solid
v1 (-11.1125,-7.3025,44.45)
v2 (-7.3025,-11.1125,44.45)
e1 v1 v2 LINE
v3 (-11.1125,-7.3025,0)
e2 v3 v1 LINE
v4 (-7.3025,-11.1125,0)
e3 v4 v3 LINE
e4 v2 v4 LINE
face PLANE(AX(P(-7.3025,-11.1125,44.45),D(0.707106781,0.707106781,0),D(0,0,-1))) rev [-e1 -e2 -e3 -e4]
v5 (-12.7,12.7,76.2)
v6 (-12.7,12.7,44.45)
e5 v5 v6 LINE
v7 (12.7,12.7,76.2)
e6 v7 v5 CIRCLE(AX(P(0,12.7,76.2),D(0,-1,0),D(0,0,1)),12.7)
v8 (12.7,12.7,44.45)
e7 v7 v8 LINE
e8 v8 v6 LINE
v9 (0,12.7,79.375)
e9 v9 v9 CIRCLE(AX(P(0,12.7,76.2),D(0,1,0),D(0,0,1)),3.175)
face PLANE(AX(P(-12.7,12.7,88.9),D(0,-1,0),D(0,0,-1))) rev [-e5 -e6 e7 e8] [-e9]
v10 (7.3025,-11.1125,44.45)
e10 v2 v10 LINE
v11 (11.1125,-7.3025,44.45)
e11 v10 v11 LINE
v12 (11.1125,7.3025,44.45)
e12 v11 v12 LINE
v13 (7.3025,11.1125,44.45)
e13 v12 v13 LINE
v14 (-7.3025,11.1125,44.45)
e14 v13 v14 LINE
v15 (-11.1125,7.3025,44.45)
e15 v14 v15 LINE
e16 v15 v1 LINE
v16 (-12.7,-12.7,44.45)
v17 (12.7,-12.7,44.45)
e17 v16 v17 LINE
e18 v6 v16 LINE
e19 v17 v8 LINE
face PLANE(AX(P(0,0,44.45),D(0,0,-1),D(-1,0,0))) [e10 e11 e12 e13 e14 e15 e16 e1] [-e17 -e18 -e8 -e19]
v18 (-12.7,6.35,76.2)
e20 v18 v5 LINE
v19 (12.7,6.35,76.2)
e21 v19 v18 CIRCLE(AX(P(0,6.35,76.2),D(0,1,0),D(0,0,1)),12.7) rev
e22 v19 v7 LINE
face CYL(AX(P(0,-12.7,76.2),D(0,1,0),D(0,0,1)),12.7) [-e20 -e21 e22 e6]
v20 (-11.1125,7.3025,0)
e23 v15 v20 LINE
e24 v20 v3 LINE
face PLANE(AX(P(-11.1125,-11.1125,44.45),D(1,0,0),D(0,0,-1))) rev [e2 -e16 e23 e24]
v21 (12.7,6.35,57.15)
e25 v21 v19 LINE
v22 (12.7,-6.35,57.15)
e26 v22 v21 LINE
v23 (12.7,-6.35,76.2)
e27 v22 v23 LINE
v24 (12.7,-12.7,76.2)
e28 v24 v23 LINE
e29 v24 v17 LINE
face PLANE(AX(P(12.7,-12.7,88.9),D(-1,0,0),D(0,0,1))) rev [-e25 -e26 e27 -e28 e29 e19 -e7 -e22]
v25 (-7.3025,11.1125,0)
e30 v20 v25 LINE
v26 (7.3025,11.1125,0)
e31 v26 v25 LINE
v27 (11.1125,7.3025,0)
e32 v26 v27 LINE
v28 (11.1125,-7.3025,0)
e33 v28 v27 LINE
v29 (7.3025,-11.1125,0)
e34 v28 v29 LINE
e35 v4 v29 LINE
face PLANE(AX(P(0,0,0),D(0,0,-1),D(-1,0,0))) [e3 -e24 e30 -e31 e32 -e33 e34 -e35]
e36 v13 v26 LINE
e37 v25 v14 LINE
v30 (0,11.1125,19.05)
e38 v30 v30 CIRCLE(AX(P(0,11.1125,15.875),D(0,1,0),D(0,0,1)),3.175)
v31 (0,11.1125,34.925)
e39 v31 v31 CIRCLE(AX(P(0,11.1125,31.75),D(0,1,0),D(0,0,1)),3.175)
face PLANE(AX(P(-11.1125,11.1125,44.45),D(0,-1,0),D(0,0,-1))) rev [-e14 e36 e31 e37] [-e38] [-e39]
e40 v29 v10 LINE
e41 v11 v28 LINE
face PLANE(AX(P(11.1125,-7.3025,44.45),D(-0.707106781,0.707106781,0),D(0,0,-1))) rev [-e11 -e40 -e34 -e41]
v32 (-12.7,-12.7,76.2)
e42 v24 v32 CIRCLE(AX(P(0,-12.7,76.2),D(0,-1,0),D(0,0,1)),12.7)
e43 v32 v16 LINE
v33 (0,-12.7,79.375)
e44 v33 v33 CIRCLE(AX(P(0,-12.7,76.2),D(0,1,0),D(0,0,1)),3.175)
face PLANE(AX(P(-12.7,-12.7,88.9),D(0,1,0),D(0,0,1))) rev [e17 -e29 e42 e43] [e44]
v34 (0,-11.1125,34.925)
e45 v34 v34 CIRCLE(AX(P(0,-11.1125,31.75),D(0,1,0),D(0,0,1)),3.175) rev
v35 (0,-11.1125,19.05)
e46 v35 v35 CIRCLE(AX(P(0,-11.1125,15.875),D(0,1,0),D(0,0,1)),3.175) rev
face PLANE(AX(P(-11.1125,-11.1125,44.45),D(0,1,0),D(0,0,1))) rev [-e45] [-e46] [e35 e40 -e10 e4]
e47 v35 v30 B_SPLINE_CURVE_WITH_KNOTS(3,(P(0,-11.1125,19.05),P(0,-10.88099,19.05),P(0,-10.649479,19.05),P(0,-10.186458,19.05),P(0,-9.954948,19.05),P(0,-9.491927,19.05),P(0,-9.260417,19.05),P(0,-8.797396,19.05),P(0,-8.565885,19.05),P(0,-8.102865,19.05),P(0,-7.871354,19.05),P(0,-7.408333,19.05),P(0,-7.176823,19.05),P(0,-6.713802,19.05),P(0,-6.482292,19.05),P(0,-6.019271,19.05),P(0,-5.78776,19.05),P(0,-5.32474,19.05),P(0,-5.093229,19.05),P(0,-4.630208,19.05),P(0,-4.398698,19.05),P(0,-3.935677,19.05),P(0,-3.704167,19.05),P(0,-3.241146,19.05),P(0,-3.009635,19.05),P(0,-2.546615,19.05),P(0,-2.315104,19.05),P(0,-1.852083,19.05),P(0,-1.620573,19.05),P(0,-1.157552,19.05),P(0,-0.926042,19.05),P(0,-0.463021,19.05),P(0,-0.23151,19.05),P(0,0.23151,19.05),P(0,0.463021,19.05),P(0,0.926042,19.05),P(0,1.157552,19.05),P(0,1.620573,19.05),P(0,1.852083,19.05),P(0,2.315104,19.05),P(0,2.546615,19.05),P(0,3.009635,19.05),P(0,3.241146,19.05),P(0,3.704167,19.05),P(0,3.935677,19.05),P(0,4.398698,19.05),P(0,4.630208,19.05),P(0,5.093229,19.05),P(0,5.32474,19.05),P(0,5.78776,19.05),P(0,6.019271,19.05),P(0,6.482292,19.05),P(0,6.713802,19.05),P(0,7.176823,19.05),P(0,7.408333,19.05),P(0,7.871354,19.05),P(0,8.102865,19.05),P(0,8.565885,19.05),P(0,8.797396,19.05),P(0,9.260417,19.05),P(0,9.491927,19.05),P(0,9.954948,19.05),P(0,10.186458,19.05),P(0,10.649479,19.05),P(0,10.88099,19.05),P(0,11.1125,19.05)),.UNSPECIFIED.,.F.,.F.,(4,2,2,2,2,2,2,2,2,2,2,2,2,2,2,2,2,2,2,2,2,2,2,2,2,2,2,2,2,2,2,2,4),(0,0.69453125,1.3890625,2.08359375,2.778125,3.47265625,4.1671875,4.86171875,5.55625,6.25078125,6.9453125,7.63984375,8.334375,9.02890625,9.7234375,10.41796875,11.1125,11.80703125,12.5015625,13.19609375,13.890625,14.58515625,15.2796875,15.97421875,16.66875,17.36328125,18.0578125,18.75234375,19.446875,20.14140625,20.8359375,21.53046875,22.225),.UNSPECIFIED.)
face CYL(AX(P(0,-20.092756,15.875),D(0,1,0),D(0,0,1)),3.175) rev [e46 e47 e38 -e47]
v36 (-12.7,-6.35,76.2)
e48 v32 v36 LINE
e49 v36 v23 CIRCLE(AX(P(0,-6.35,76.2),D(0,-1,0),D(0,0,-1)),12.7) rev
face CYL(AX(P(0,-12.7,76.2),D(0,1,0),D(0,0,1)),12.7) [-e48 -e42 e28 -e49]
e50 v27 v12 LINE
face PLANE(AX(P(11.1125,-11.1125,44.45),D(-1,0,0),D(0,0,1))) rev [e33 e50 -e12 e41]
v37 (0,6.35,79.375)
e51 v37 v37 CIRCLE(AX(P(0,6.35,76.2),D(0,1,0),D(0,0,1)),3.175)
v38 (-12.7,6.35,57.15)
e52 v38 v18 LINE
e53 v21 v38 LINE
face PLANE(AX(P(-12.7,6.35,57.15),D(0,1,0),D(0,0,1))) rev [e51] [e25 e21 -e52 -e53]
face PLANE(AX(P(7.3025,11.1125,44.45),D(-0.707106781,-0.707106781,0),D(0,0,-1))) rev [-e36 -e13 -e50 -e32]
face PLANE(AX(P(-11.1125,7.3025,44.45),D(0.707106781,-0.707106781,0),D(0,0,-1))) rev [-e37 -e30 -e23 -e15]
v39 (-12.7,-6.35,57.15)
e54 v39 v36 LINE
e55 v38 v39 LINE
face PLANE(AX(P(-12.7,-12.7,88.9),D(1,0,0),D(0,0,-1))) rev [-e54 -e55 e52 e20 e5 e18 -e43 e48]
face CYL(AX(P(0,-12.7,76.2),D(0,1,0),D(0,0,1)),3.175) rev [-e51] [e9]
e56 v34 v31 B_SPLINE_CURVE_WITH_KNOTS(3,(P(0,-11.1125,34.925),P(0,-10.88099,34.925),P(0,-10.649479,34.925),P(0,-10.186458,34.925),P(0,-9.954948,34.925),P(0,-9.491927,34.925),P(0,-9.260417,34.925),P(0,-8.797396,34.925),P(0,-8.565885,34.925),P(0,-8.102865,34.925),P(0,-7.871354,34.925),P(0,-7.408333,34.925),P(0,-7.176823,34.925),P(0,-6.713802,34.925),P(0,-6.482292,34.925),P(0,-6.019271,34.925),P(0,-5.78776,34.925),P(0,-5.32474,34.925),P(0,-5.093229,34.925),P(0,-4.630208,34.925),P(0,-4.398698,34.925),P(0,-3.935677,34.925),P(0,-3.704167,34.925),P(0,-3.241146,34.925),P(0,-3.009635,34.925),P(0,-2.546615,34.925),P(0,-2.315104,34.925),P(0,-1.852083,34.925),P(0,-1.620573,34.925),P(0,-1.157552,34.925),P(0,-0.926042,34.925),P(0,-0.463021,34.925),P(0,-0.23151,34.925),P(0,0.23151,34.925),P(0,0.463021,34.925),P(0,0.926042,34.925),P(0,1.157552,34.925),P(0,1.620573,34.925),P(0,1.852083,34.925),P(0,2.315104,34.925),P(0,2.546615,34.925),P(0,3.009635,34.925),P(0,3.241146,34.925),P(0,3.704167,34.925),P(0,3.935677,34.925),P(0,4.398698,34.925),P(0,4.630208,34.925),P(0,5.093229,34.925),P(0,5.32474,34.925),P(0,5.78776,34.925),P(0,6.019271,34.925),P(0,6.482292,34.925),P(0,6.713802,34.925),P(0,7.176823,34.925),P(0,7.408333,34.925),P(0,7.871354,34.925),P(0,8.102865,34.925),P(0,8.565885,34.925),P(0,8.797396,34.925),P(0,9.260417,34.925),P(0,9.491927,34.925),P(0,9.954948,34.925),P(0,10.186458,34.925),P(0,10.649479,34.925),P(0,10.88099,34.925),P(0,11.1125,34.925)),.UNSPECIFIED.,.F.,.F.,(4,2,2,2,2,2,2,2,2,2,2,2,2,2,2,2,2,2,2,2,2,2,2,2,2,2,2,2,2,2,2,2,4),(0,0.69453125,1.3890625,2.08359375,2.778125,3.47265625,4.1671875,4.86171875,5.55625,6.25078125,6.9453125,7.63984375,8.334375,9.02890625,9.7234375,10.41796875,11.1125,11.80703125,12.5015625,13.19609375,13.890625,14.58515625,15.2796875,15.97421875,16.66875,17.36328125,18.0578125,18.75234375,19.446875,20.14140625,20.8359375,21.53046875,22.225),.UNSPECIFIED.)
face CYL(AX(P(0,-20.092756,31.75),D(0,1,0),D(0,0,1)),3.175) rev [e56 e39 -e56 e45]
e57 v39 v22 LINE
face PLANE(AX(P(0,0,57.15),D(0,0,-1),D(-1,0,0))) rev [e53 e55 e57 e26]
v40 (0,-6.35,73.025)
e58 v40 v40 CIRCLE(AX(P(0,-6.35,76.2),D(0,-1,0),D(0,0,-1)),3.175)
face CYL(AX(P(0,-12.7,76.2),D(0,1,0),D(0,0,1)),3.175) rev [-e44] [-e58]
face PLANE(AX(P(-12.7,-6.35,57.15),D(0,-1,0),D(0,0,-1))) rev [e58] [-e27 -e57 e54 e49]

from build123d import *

# Parameters (mm, degrees)
SKETCH1_W           = 22.225
SKETCH1_H           = 22.225
BOSS_EXTRUDE1_DEPTH = 44.45
CHAMFER1_SIZE       = 3.81
SKETCH2_W           = 25.4
SKETCH2_H           = 25.4
BOSS_EXTRUDE2_DEPTH = 44.45
SKETCH3_W           = 25.4
SKETCH3_H           = 12.7
CUT_EXTRUDE1_DEPTH  = 31.75
SKETCH4_R           = 3.175
CUT_EXTRUDE2_DEPTH  = 94.3255592
SKETCH5_R           = 3.175
CUT_EXTRUDE3_DEPTH  = 22.225


with BuildPart() as part:
    # Sketch1 → Boss-Extrude1 (new body)
    with BuildSketch(Plane.XY):
        Rectangle(SKETCH1_W, SKETCH1_H)
    extrude(amount=BOSS_EXTRUDE1_DEPTH)

    # Chamfer1
    chamfer1_edges = [part.edges().sort_by_distance(p)[0] for p in [
        (11.1125, -11.1125, 22.225),
        (-11.1125, -11.1125, 22.225),
        (-11.1125, 11.1125, 22.225),
        (11.1125, 11.1125, 22.225),
    ]]
    chamfer(chamfer1_edges, length=CHAMFER1_SIZE)

    # Sketch2 → Boss-Extrude2 (add)
    with BuildSketch(Plane.XY.offset(44.45)):
        Rectangle(SKETCH2_W, SKETCH2_H)
    extrude(amount=BOSS_EXTRUDE2_DEPTH)

    # Sketch3 → Cut-Extrude1 (cut)
    with BuildSketch(Plane.XY.offset(88.9)):
        Rectangle(SKETCH3_W, SKETCH3_H)
    extrude(amount=-CUT_EXTRUDE1_DEPTH, mode=Mode.SUBTRACT)

    # Sketch4 → Cut-Extrude2 (cut, through all)
    with BuildSketch(Plane(origin=(0, 12.7, 0), x_dir=(1, 0, 0), z_dir=(0, 1, 0))):
        with Locations(Location((0, -76.2, 0), (0, 0, 270))):
            Circle(SKETCH4_R)
        with BuildLine():
            Line((-12.7, -76.2), (-12.7, -95.25))
            Line((-12.7, -95.25), (12.7, -95.25))
            Line((12.7, -95.25), (12.7, -76.2))
            ThreePointArc((12.7, -76.2), (0, -88.9), (-12.7, -76.2))
        make_face()
    extrude(amount=-CUT_EXTRUDE2_DEPTH, mode=Mode.SUBTRACT)

    # Sketch5 → Cut-Extrude3 (cut)
    with BuildSketch(Plane(origin=(0, 11.1125, 0), x_dir=(1, 0, 0), z_dir=(0, 1, 0))):
        with Locations(Location((0, -31.75, 0), (0, 0, 270))):
            Circle(SKETCH5_R)
        with Locations(Location((0, -15.875, 0), (0, 0, 270))):
            Circle(SKETCH5_R)
    extrude(amount=-CUT_EXTRUDE3_DEPTH, mode=Mode.SUBTRACT)


solid = part.part
